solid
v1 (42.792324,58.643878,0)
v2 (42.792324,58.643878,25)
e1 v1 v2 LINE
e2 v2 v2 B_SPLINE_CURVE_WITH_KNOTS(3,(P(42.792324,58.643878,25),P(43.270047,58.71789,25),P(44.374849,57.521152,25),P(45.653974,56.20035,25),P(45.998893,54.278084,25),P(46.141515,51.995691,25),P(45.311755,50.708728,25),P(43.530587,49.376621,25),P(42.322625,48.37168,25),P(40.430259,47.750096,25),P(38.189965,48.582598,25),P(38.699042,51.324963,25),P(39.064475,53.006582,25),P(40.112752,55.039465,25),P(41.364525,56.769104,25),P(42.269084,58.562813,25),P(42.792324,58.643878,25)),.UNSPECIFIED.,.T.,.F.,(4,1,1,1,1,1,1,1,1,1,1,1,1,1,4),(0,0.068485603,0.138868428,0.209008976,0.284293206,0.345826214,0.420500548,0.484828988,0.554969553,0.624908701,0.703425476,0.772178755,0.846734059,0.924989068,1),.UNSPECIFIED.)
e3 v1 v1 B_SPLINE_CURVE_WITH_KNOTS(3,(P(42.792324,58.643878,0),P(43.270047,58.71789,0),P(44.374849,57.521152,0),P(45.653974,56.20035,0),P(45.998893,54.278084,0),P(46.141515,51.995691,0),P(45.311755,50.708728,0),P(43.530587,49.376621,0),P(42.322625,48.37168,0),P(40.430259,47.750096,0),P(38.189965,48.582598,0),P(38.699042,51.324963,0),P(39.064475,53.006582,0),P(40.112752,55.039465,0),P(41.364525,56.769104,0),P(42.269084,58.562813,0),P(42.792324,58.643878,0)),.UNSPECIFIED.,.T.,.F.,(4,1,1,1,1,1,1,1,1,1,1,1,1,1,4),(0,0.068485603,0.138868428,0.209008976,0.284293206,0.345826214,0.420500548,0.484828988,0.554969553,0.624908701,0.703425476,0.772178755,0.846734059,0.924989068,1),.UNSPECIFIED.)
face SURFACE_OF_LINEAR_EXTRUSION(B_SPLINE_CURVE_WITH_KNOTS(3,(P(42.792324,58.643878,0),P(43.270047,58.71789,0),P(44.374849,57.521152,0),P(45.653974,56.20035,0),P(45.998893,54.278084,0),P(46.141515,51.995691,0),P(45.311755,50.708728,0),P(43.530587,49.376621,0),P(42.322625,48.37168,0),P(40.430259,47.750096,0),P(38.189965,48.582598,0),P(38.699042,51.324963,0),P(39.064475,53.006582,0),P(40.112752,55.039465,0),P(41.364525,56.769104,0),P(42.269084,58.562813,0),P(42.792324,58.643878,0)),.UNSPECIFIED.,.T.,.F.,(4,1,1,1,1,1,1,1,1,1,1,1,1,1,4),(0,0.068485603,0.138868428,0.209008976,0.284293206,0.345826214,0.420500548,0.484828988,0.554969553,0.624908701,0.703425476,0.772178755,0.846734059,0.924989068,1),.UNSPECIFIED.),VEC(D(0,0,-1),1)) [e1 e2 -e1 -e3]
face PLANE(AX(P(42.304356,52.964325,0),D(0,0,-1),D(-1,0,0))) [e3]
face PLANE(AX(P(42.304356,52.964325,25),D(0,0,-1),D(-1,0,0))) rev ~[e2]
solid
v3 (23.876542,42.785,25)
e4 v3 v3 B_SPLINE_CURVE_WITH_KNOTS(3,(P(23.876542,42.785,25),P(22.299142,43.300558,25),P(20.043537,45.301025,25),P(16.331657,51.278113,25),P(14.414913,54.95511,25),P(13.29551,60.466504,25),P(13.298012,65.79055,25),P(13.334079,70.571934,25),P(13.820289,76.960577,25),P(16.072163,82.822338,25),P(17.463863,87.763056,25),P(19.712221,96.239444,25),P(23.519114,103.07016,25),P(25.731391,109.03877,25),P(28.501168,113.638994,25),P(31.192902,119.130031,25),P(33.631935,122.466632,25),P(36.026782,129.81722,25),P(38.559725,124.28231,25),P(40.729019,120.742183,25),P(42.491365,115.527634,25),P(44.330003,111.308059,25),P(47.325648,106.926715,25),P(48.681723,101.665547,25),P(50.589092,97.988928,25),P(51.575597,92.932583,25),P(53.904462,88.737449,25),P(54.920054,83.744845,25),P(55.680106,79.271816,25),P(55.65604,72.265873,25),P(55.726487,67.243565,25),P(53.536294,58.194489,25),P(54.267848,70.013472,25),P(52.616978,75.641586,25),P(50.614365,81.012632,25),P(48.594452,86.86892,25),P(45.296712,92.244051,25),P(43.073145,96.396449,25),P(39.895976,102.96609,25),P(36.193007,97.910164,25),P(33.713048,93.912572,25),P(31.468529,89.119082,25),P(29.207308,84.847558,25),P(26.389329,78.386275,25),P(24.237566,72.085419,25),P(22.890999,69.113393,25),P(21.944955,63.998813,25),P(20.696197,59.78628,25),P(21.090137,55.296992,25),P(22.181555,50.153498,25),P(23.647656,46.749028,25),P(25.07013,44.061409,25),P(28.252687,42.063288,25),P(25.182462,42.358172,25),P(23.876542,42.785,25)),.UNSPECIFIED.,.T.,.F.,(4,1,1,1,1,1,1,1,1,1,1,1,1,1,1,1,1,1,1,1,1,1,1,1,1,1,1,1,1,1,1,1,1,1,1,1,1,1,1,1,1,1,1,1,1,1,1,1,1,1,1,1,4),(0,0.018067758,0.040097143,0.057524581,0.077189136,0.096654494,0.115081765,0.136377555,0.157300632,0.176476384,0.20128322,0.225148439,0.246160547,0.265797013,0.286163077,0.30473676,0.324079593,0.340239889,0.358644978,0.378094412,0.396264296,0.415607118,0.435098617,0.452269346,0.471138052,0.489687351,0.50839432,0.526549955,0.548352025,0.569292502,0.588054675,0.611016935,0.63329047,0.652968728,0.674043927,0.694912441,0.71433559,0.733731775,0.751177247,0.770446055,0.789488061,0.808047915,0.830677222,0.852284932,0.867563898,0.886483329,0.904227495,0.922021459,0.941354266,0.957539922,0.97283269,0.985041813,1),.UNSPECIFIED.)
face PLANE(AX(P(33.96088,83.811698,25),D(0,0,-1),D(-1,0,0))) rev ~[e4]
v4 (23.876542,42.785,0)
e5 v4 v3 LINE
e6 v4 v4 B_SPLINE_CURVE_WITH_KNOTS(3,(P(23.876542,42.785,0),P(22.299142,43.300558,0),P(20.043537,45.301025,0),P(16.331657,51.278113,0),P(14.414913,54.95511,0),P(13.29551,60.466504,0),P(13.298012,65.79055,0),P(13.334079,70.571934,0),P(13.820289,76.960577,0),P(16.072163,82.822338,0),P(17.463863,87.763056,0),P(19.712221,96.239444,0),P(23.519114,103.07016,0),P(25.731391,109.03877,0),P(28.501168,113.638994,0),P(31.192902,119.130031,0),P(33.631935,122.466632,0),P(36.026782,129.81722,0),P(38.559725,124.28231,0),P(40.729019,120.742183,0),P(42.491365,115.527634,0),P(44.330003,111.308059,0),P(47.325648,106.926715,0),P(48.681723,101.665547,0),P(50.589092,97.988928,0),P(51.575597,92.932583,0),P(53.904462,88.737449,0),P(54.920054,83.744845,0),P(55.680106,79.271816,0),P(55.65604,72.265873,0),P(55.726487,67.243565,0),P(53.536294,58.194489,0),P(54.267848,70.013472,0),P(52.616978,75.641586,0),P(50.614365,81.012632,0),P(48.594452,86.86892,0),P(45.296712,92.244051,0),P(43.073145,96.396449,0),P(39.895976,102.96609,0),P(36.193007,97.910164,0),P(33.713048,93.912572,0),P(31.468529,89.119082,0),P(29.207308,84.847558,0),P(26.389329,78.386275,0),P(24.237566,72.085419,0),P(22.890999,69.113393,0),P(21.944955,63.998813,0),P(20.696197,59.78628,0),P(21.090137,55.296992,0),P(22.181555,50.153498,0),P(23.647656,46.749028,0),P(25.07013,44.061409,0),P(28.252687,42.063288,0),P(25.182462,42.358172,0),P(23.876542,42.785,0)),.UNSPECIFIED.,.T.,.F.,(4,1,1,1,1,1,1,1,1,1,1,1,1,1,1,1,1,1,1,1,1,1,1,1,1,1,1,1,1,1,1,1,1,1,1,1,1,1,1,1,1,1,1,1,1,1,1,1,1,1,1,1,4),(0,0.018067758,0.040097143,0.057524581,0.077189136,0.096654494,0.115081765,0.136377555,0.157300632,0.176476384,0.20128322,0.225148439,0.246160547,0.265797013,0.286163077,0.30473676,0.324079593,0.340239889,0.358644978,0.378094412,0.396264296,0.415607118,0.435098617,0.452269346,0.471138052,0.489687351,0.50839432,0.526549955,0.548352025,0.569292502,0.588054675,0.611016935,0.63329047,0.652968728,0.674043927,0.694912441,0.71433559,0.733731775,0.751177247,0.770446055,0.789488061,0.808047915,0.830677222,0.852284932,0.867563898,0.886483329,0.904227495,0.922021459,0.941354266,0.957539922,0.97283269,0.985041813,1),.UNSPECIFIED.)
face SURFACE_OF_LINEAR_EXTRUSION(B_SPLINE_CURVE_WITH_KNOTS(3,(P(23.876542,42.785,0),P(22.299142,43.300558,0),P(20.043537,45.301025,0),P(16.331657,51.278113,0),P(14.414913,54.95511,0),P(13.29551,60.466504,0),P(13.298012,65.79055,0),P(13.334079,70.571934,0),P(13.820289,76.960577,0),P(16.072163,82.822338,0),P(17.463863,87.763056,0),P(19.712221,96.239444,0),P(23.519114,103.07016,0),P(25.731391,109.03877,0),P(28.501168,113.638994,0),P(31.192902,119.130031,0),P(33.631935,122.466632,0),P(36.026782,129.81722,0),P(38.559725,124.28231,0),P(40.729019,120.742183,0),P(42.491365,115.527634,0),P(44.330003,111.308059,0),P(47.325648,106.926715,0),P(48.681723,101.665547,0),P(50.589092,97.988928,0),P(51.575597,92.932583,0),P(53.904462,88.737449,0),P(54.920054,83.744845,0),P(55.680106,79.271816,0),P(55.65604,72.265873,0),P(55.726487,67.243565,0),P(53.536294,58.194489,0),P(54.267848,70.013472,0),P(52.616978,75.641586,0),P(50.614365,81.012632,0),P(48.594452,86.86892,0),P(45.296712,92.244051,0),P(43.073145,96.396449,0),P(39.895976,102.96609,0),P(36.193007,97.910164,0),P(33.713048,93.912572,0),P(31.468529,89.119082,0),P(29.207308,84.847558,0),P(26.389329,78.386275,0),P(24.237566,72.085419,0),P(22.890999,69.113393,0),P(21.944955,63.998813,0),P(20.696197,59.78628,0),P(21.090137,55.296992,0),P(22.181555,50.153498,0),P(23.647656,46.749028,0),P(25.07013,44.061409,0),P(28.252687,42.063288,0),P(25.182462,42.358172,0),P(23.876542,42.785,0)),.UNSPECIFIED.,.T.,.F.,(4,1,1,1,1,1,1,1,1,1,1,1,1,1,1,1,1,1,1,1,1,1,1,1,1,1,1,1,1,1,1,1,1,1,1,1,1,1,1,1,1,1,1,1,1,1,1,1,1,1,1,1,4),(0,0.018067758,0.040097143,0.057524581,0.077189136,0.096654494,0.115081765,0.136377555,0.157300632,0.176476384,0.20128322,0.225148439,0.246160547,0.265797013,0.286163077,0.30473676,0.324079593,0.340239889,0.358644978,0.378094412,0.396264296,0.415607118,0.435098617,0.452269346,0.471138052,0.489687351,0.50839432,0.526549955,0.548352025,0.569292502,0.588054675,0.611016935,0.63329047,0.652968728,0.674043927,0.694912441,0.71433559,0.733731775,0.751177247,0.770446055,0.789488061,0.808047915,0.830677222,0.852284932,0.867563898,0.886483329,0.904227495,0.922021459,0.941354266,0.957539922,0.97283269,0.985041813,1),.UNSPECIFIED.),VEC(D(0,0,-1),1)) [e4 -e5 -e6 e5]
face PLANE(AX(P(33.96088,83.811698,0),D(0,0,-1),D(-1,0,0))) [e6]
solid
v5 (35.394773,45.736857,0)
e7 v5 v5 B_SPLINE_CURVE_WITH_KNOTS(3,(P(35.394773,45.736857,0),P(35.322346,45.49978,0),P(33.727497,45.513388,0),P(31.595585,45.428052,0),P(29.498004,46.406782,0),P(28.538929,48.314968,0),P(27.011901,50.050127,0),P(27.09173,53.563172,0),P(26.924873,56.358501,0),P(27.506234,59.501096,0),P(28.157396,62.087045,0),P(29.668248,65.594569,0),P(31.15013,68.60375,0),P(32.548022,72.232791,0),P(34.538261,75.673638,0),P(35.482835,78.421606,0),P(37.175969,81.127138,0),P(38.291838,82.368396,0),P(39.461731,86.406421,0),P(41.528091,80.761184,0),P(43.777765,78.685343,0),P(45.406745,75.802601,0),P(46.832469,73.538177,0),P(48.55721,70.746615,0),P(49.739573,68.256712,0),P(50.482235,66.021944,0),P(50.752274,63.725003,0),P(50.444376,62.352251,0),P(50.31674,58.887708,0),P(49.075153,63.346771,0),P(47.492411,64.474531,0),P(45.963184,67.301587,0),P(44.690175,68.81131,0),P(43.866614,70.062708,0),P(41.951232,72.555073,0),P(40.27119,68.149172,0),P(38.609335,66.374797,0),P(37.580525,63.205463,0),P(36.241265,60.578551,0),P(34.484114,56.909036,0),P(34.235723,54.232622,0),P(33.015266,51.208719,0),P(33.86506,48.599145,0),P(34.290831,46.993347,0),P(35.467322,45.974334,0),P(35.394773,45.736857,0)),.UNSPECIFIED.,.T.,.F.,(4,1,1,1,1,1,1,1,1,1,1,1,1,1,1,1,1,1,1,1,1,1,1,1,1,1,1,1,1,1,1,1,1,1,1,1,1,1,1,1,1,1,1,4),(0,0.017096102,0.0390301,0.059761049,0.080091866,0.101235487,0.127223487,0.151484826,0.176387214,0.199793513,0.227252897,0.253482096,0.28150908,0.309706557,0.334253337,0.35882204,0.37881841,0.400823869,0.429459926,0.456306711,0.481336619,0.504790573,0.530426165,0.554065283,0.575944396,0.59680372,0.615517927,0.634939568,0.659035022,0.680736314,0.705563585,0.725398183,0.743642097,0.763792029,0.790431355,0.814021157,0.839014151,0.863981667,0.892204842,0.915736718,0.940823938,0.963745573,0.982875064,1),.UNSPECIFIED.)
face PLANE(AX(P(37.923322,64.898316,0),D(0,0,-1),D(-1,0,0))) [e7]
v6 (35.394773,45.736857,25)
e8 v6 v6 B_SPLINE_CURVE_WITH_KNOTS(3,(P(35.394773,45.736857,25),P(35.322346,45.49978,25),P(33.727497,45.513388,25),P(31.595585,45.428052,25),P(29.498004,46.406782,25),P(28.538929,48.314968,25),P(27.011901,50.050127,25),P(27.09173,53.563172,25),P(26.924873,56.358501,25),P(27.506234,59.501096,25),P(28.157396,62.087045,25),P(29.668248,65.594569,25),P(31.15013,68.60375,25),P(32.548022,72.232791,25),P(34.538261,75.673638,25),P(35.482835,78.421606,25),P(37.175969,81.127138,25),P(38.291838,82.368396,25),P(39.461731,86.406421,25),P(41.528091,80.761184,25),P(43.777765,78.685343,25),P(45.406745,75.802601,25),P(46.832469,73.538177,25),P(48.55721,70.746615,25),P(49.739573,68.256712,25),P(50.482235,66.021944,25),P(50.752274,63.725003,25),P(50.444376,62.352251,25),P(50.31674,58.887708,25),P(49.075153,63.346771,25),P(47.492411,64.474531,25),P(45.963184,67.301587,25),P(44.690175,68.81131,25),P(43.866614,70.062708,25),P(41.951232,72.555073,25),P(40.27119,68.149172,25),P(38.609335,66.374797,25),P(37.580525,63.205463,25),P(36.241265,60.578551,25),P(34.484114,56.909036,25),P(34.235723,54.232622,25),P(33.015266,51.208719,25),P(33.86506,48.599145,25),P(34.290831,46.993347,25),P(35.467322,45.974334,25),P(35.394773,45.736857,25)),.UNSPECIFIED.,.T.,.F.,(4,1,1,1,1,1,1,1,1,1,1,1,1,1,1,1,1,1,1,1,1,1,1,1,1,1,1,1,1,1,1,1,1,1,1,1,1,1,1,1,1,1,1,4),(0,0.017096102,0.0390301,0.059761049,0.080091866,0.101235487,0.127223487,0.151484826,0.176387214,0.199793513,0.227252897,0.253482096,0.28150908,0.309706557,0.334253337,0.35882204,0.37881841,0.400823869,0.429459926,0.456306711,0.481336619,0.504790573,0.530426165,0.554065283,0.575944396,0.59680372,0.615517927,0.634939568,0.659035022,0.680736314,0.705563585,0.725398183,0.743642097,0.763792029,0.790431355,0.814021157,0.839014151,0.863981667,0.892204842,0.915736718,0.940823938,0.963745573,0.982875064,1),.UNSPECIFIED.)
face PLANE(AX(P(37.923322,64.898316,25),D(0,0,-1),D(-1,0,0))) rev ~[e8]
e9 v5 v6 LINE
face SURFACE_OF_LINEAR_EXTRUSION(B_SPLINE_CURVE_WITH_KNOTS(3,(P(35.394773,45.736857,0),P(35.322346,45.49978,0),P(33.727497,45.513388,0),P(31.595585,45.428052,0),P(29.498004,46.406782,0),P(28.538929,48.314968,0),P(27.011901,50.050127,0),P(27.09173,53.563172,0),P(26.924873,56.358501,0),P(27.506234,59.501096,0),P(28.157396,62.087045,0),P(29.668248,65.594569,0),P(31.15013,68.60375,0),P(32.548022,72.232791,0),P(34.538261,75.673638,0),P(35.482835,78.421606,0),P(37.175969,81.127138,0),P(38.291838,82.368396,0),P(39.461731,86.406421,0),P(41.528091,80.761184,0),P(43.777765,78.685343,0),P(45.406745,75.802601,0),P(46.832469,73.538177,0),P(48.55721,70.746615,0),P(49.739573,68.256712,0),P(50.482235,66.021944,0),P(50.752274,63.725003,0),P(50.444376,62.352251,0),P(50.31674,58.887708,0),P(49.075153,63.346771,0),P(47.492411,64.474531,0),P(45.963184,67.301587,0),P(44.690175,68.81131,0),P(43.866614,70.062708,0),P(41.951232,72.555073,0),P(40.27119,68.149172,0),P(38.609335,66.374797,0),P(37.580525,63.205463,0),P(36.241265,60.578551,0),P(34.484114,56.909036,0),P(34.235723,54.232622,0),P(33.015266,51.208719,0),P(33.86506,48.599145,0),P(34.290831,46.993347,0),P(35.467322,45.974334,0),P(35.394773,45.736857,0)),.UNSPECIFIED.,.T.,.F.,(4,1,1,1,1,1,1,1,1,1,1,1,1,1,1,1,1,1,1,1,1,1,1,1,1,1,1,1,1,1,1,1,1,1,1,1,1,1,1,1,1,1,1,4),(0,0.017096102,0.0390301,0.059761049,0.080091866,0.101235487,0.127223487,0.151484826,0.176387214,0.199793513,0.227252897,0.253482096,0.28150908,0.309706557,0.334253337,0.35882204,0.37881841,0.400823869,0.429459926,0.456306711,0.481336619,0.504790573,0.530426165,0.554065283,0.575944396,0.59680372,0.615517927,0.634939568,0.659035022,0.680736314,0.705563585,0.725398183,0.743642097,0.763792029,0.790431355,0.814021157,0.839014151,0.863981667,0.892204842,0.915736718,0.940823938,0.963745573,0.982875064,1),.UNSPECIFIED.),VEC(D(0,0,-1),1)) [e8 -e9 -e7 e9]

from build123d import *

# Parameters (mm, degrees)
F1_DEPTH = 25


with BuildPart() as f1:
    # F0 (on Top) → F1 (new body)
    with BuildSketch(Plane.XY):
        with BuildLine():
            add(Edge.make_bspline(
                [(23.8765422255, 42.785000056), (22.2991422848, 43.3005583581), (20.0435365383, 45.3010252644), (16.3316570512, 51.2781131098), (14.4149128642, 54.955110149), (13.2955097251, 60.4665041707), (13.2980122726, 65.7905496321), (13.3340788014, 70.5719340691), (13.820288528, 76.960577282), (16.0721626489, 82.8223379686), (17.4638632207, 87.7630564992), (19.7122212195, 96.2394441532), (23.5191140462, 103.070159621), (25.7313905719, 109.0387703496), (28.5011676233, 113.6389940495), (31.1929015847, 119.1300309211), (33.6319350647, 122.466631688), (36.0267822724, 129.817219944), (38.5597247169, 124.2823101399), (40.7290189321, 120.7421829145), (42.4913647922, 115.5276339656), (44.3300034383, 111.3080585198), (47.3256483077, 106.9267146196), (48.6817233667, 101.6655469244), (50.5890917458, 97.9889277176), (51.5755970418, 92.9325827079), (53.9044617544, 88.737448957), (54.9200540226, 83.7448445187), (55.6801059156, 79.2718156308), (55.6560398769, 72.265872542), (55.7264870899, 67.2435651501), (53.5362944087, 58.1944893754), (54.2678480333, 70.0134724284), (52.6169780687, 75.6415858013), (50.6143646908, 81.0126324381), (48.5944516824, 86.8689199495), (45.2967121195, 92.2440510083), (43.0731446826, 96.3964486311), (39.8959764337, 102.9660903959), (36.1930068564, 97.9101640015), (33.7130482092, 93.9125724544), (31.4685289462, 89.1190824159), (29.2073077477, 84.8475577002), (26.3893294942, 78.386275042), (24.237565999, 72.0854192085), (22.8909994243, 69.113392629), (21.944954572, 63.9988132596), (20.6961965584, 59.7862798318), (21.0901365835, 55.2969915535), (22.181555365, 50.1534976875), (23.6476558178, 46.7490282141), (25.0701296485, 44.0614092603), (28.2526871106, 42.0632882177), (25.1824620109, 42.3581724837), (23.8765422255, 42.785000056)],
                knots=[0, 0, 0, 0, 0.0180677585, 0.0400971426, 0.057524581, 0.077189136, 0.0966544941, 0.115081765, 0.1363775549, 0.1573006318, 0.1764763839, 0.20128322, 0.2251484395, 0.2461605474, 0.2657970126, 0.2861630766, 0.3047367597, 0.3240795935, 0.3402398893, 0.3586449779, 0.3780944124, 0.3962642959, 0.4156071178, 0.4350986169, 0.4522693456, 0.4711380519, 0.4896873511, 0.5083943201, 0.5265499551, 0.5483520253, 0.5692925022, 0.5880546748, 0.6110169346, 0.6332904698, 0.6529687279, 0.6740439265, 0.6949124415, 0.7143355896, 0.7337317747, 0.7511772473, 0.7704460554, 0.7894880615, 0.8080479149, 0.8306772218, 0.8522849317, 0.867563898, 0.8864833288, 0.9042274954, 0.9220214591, 0.9413542662, 0.9575399218, 0.9728326903, 0.985041813, 1, 1, 1, 1], degree=3))
        make_face()
    extrude(amount=F1_DEPTH)


with BuildPart() as f1b:
    # F0 (on Top) → F1, piece 2 (new body)
    with BuildSketch(Plane.XY):
        with BuildLine():
            add(Edge.make_bspline(
                [(35.3947728872, 45.7368567586), (35.3223463016, 45.4997797149), (33.7274967303, 45.5133882573), (31.5955848794, 45.42805212), (29.4980043241, 46.4067819631), (28.5389291551, 48.3149683251), (27.0119013794, 50.0501268442), (27.0917302878, 53.563171863), (26.9248734123, 56.3585008613), (27.5062337674, 59.5010962115), (28.1573955617, 62.0870449062), (29.6682483372, 65.5945688857), (31.1501298076, 68.6037501657), (32.5480219462, 72.2327913431), (34.538261144, 75.6736375592), (35.4828352988, 78.421606298), (37.1759693447, 81.127138316), (38.2918383041, 82.3683960972), (39.4617313718, 86.4064211249), (41.5280906081, 80.7611839625), (43.7777652965, 78.6853428459), (45.406744804, 75.8026014319), (46.8324689413, 73.5381770316), (48.5572095425, 70.746614579), (49.7395729365, 68.2567119882), (50.4822353228, 66.0219442923), (50.7522741096, 63.7250029583), (50.4443760736, 62.3522510001), (50.3167399868, 58.8877082102), (49.0751529598, 63.3467713625), (47.4924112836, 64.4745307326), (45.963183854, 67.30158655), (44.6901752726, 68.8113100355), (43.8666137068, 70.0627081564), (41.9512316654, 72.5550734973), (40.2711903156, 68.1491724255), (38.6093350383, 66.3747970646), (37.5805245033, 63.2054633453), (36.2412651485, 60.5785507173), (34.4841141325, 56.9090359301), (34.2357226856, 54.2326223717), (33.0152663496, 51.2087190488), (33.8650600913, 48.5991449496), (34.2908314914, 46.9933468702), (35.4673216273, 45.9743336556), (35.3947728872, 45.7368567586)],
                knots=[0, 0, 0, 0, 0.0170961016, 0.0390300999, 0.0597610493, 0.0800918656, 0.1012354869, 0.1272234874, 0.1514848256, 0.1763872135, 0.1997935129, 0.2272528975, 0.2534820955, 0.2815090798, 0.3097065567, 0.3342533368, 0.3588220395, 0.3788184103, 0.400823869, 0.4294599259, 0.4563067106, 0.4813366192, 0.504790573, 0.5304261655, 0.5540652826, 0.5759443961, 0.5968037198, 0.6155179266, 0.6349395676, 0.6590350216, 0.6807363139, 0.7055635852, 0.7253981828, 0.7436420966, 0.7637920287, 0.7904313549, 0.8140211574, 0.8390141508, 0.8639816669, 0.8922048424, 0.9157367176, 0.9408239383, 0.9637455728, 0.9828750642, 1, 1, 1, 1], degree=3))
        make_face()
    extrude(amount=F1_DEPTH)


with BuildPart() as f1c:
    # F0 (on Top) → F1, piece 3 (new body)
    with BuildSketch(Plane.XY):
        with BuildLine():
            add(Edge.make_bspline(
                [(42.7923239768, 58.6438775063), (43.2700465248, 58.7178897349), (44.3748488916, 57.5211520022), (45.6539735884, 56.2003501316), (45.9988930132, 54.27808387), (46.1415145178, 51.9956912972), (45.3117550118, 50.7087279007), (43.5305867686, 49.3766207286), (42.3226250819, 48.3716804446), (40.4302591085, 47.7500956115), (38.1899648125, 48.5825975804), (38.6990424493, 51.324963007), (39.0644748156, 53.0065824532), (40.1127522166, 55.0394651569), (41.3645251742, 56.7691036743), (42.2690838789, 58.56281337), (42.7923239768, 58.6438775063)],
                knots=[0, 0, 0, 0, 0.0684856033, 0.1388684279, 0.2090089763, 0.2842932062, 0.3458262137, 0.4205005484, 0.4848289883, 0.5549695533, 0.6249087015, 0.7034254765, 0.7721787553, 0.8467340594, 0.9249890676, 1, 1, 1, 1], degree=3))
        make_face()
    extrude(amount=F1_DEPTH)


solid = Compound([f1.part, f1b.part, f1c.part])
